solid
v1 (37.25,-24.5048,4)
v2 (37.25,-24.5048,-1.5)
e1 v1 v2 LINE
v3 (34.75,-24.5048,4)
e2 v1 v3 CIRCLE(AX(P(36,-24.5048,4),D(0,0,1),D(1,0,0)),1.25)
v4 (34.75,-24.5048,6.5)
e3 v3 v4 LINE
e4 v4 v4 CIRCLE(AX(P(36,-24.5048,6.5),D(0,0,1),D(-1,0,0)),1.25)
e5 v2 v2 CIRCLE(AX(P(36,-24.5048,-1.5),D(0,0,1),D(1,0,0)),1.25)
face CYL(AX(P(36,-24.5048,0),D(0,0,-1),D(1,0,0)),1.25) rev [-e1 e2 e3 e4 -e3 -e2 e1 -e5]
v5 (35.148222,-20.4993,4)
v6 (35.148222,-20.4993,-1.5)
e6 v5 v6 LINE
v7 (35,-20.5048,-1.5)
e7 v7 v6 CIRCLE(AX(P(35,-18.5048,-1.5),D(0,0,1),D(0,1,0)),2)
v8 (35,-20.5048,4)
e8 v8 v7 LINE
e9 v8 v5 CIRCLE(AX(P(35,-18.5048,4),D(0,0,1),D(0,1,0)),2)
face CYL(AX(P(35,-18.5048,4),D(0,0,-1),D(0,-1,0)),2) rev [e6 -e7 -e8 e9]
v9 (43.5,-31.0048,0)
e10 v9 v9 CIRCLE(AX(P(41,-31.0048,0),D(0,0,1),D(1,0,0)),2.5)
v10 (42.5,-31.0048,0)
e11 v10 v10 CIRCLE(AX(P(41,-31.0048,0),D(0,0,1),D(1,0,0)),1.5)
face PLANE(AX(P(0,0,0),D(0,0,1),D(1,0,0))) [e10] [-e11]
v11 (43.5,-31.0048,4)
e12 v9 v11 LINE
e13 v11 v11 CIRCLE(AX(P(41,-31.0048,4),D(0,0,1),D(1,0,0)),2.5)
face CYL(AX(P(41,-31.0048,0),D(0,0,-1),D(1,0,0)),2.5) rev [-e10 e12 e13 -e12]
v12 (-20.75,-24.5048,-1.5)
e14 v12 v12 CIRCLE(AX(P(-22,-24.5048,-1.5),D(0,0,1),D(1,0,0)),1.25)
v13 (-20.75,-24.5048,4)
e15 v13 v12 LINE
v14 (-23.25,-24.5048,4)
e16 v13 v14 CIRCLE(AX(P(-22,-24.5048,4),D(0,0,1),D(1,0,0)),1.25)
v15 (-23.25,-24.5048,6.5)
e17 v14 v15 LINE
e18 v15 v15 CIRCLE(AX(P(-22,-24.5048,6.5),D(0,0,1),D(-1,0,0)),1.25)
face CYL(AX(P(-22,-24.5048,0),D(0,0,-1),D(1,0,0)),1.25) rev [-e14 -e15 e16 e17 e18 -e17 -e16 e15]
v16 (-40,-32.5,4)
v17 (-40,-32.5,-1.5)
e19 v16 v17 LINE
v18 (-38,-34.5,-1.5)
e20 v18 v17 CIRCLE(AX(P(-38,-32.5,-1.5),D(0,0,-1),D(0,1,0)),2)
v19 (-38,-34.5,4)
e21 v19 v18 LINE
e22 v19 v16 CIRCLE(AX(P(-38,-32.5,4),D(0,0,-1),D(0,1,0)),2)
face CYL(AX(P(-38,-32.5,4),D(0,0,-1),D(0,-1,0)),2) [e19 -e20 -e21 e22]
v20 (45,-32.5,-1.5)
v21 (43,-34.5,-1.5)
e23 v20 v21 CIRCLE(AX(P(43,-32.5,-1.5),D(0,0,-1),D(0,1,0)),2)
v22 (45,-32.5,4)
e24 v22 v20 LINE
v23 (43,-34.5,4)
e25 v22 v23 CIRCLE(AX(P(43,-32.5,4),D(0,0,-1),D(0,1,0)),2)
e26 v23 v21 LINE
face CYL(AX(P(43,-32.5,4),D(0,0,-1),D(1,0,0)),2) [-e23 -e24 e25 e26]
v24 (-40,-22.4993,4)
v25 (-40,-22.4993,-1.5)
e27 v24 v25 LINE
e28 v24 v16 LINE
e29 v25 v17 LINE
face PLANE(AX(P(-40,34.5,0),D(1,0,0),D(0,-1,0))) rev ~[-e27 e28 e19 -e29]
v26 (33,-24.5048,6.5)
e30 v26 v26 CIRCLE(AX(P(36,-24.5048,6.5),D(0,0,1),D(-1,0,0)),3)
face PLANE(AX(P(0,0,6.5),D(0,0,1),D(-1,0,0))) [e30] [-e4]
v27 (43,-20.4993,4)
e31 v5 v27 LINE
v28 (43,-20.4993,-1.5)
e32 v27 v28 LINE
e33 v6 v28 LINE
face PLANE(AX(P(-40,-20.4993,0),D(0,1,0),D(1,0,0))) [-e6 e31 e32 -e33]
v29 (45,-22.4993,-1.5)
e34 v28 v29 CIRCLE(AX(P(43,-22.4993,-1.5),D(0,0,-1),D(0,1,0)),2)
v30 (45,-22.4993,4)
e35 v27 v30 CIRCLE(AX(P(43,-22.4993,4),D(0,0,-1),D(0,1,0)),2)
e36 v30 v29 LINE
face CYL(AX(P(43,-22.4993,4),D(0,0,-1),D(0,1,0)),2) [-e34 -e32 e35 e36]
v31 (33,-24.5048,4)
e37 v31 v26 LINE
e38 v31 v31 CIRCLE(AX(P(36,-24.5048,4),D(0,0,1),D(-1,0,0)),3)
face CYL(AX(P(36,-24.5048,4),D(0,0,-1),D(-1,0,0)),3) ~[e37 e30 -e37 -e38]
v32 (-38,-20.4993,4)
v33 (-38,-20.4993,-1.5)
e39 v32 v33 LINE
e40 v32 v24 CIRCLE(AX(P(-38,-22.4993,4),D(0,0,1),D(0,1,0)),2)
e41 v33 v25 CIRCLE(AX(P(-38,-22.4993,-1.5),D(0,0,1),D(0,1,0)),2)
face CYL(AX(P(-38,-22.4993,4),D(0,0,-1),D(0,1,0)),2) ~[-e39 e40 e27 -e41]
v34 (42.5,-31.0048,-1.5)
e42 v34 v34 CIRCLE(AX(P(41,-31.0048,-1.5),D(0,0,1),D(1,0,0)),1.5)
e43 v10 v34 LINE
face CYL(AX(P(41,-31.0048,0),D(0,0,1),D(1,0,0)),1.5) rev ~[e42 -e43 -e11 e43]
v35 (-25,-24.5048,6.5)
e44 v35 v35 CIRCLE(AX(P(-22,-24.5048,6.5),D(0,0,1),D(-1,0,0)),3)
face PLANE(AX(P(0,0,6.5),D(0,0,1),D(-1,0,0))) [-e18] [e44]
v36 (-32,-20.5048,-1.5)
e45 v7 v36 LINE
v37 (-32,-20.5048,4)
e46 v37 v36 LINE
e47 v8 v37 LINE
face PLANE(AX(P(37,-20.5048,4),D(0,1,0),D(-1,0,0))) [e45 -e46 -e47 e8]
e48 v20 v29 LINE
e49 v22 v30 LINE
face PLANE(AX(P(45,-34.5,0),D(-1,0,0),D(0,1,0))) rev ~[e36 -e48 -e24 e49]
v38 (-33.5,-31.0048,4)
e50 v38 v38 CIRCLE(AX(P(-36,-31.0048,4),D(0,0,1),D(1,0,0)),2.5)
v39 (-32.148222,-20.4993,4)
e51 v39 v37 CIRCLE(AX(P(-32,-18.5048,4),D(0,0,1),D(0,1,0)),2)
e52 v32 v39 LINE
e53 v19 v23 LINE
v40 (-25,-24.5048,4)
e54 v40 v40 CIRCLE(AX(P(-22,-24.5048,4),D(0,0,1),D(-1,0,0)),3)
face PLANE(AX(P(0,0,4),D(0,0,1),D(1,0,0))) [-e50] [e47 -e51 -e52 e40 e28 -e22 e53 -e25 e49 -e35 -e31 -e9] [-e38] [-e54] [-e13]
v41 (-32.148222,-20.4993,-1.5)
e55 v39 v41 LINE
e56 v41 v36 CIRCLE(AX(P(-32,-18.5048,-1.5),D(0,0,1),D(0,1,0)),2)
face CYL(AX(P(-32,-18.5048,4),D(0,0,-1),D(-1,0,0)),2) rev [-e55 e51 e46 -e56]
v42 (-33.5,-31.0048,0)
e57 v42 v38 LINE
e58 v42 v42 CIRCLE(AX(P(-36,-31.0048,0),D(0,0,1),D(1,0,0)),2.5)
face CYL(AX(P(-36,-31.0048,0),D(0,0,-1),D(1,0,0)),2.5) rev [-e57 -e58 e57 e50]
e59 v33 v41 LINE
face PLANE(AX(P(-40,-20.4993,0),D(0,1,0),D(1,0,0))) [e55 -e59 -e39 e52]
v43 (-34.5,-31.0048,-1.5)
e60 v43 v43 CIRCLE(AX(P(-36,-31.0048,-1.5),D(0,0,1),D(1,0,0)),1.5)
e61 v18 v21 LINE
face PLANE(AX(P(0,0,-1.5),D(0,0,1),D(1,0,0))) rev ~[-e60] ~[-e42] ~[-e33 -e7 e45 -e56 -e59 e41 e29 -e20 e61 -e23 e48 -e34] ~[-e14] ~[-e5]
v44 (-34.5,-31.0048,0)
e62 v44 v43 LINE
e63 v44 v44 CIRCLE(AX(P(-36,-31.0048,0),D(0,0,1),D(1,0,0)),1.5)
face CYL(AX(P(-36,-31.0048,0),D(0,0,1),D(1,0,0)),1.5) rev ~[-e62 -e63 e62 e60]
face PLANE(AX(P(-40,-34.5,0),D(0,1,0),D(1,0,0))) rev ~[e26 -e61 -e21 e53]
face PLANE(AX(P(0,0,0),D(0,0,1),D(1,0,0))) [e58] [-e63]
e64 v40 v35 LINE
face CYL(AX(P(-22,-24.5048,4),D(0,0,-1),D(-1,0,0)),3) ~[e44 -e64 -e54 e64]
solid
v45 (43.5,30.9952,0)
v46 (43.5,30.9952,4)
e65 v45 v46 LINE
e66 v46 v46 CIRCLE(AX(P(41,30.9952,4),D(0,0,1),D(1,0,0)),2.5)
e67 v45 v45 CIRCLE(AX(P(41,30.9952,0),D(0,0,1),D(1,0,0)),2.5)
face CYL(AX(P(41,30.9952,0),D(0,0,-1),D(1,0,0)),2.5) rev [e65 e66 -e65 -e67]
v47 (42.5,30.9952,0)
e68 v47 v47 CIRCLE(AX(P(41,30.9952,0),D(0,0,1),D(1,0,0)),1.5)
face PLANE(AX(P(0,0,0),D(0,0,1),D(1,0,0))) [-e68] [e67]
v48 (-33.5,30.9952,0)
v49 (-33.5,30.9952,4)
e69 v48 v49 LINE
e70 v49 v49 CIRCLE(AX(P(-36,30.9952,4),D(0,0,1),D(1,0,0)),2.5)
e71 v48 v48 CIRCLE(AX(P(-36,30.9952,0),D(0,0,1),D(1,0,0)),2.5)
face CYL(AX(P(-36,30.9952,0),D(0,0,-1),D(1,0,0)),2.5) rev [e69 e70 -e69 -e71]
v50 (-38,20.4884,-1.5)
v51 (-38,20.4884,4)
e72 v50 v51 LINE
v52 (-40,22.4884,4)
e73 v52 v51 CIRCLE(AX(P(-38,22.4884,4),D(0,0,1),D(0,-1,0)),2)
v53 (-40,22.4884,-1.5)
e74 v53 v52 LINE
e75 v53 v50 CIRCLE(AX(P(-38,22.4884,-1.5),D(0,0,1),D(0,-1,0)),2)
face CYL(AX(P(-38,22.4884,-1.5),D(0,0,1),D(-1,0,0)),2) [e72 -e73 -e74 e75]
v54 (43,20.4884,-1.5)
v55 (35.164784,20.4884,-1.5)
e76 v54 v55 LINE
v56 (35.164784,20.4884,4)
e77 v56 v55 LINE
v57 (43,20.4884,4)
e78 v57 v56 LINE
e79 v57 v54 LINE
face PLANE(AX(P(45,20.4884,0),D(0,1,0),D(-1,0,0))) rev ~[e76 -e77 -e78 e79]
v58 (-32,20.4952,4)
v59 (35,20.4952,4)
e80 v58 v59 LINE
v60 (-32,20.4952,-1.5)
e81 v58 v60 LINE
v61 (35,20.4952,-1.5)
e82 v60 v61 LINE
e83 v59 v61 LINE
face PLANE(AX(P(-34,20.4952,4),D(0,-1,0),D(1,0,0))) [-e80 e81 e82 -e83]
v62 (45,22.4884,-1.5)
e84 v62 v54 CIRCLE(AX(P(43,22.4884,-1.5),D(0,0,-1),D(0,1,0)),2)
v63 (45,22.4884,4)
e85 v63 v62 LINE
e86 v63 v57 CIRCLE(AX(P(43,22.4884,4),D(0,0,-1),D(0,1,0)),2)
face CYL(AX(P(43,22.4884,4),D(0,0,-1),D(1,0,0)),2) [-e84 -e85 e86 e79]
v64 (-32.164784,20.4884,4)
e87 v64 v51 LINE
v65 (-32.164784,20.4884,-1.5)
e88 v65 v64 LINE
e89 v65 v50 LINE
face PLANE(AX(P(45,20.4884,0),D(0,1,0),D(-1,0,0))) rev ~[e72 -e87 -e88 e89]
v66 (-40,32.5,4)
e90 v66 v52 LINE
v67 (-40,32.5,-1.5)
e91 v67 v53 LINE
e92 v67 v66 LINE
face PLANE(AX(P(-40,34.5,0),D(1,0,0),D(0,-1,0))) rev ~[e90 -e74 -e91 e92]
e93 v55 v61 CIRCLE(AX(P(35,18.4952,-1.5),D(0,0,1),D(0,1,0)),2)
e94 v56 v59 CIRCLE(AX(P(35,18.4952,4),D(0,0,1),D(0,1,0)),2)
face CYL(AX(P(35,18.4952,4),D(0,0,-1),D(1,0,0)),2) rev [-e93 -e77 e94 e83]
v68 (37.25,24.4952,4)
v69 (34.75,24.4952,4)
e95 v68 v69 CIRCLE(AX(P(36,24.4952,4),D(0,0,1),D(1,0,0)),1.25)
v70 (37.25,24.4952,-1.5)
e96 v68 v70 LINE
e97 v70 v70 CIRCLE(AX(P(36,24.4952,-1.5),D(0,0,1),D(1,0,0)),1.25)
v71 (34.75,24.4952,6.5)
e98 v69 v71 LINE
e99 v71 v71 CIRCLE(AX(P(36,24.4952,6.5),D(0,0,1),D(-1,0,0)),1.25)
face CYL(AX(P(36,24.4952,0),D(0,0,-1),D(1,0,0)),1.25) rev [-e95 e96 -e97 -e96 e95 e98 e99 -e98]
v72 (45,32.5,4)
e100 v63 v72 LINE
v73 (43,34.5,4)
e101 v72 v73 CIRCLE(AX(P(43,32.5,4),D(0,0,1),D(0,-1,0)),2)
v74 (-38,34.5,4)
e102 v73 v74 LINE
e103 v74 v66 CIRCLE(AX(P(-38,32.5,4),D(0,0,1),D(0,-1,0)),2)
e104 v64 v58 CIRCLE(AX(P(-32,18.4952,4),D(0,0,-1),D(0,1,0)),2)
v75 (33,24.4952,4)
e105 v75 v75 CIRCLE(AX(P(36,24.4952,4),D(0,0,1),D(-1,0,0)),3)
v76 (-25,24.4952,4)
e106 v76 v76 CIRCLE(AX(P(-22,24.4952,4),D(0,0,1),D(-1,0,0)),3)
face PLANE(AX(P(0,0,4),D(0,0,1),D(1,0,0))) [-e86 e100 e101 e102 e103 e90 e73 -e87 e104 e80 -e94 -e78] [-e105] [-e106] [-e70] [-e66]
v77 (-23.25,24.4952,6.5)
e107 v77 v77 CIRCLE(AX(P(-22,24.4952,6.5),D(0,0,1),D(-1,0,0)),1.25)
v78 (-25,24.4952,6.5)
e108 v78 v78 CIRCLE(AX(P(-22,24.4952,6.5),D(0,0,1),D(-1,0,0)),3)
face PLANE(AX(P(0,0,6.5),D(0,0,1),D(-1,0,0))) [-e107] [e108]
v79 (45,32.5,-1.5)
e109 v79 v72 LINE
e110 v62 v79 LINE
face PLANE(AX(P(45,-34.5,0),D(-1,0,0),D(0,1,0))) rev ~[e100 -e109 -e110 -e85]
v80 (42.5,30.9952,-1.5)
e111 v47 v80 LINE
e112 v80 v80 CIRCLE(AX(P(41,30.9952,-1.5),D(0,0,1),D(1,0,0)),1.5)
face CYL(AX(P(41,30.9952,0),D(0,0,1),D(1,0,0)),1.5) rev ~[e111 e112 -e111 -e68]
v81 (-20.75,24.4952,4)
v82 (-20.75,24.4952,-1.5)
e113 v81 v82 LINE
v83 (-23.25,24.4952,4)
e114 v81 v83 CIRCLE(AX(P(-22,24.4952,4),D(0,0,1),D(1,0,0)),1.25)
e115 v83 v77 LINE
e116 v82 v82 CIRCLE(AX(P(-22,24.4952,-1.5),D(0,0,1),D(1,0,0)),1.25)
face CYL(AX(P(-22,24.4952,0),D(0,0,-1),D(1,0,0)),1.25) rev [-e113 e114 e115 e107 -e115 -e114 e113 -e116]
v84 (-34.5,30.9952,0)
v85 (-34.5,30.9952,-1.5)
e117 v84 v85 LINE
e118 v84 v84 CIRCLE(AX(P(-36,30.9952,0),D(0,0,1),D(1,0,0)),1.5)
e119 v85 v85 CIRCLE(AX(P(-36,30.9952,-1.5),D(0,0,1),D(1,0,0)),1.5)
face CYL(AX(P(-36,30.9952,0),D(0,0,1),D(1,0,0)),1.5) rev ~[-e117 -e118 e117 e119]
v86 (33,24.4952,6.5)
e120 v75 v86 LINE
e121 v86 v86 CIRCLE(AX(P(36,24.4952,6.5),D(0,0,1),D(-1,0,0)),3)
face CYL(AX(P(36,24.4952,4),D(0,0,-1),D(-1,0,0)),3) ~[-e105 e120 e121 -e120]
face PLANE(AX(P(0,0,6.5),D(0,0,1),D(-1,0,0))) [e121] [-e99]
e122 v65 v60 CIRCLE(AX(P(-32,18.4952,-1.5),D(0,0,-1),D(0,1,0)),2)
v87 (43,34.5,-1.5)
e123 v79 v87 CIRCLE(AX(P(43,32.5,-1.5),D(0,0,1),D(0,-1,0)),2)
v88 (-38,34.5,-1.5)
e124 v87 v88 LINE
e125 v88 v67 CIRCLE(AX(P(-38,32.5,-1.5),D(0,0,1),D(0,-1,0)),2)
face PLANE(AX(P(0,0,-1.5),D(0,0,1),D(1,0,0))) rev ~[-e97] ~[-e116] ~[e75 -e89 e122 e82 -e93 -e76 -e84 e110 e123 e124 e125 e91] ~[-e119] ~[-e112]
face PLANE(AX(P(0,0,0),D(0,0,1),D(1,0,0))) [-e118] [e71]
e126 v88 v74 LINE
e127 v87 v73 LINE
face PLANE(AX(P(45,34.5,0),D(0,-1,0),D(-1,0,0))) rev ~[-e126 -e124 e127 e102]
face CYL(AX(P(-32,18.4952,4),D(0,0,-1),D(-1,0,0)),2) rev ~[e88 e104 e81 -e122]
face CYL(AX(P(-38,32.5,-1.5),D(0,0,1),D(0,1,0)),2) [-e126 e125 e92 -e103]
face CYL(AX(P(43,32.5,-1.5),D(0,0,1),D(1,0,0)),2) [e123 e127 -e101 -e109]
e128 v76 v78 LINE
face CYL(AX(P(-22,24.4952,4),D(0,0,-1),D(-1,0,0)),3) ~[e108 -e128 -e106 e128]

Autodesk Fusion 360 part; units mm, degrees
sketch "Sketch1" plane through (0, 0, 0) normal (0, 0, 1) x (1, 0, 0)
  line L0 (45, 34.5) -> (-40, 34.5)
  line L1 (-40, 34.5) -> (-40, -34.5)
  line L2 (-40, -34.5) -> (45, -34.5)
  line L3 (45, -34.5) -> (45, 34.5)
  circle A0 centre (41, 30.9952) radius 1.5
  line L4 (0, 56) -> (0, -61) construction
  line L5 (-71, -0.0048) -> (62, -0.0048) construction
  circle A1 centre (41, 30.9952) radius 2.5
  circle A2 centre (-36, 30.9952) radius 1.5
  circle A3 centre (-36, 30.9952) radius 2.5
  circle A4 centre (41, -31.0048) radius 1.5
  circle A5 centre (41, -31.0048) radius 2.5
  circle A6 centre (-36, -31.0048) radius 1.5
  circle A7 centre (-36, -31.0048) radius 2.5
  circle A8 centre (36, 24.4952) radius 1.25
  circle A9 centre (-22, 24.4952) radius 1.25
  circle A10 centre (36, -24.5048) radius 1.25
  circle A11 centre (-22, -24.5048) radius 1.25
  dimension "d1" = 85
  dimension "d2" = 69
  dimension "d3" = 3
  dimension "d8" = 5
  dimension "d13" = 2.5
  dimension "d14" = 24.5
  dimension "d17" = -58
  dimension "d18" = -49
  dimension "d45" = 41
  dimension "d46" = 41
  dimension "d47" = 41
extrude "Extrude1" add sketch "Sketch1" against normal blind 1.5 contours L0 L1 L2 L3 | A1 | A3 | A5 | A7 makes body 1
extrude "Extrude2" add sketch "Sketch1" along normal blind 4 contours L0 L1 L2 L3 bodies 1
fillet "Fillet1" radius 2 4 edges at (-40, -34.5, 1.25) (45, -34.5, 1.25) (45, 34.5, 1.25) (-40, 34.5, 1.25) on bodies 1
sketch "Sketch2" plane through (0, 0, 4) normal (0, 0, 1) x (-1, 0, 0)
  circle A0 centre (22, 24.5048) radius 1.25
  circle A1 centre (22, -24.4952) radius 1.25
  circle A2 centre (-36, 24.5048) radius 1.25
  circle A3 centre (-41, 31.0048) radius 2.5
  circle A4 centre (36, -30.9952) radius 2.5
  circle A5 centre (-36, -24.4952) radius 1.25
  circle A6 centre (36, 31.0048) radius 2.5
  circle A7 centre (-41, -30.9952) radius 2.5
  arc A8 (38, -34.5) -> (40, -32.5) centre (38, -32.5) ccw
  line L0 (40, -32.5) -> (40, 32.5)
  arc A9 (40, 32.5) -> (38, 34.5) centre (38, 32.5) ccw
  line L1 (38, 34.5) -> (-43, 34.5)
  arc A10 (-43, 34.5) -> (-45, 32.5) centre (-43, 32.5) ccw
  line L2 (-45, 32.5) -> (-45, -32.5)
  arc A11 (-45, -32.5) -> (-43, -34.5) centre (-43, -32.5) ccw
  line L3 (-43, -34.5) -> (38, -34.5)
  line L4 (34, -20.4952) -> (-37, -20.4952)
  line L5 (-37, -20.4952) -> (-37, 20.5048)
  line L6 (-37, 20.5048) -> (34, 20.5048)
  line L7 (34, 20.5048) -> (34, -20.4952)
  dimension "d28" = 4
  dimension "d29" = 6
  dimension "d30" = 8
extrude "Extrude3" cut sketch "Sketch2" against normal blind 5.5 contours L4 L5 L6 L7 bodies 1
fillet "Fillet2" radius 2 4 edges at (-34, 20.4952, 1.25) (-34, -20.5048, 1.25) (37, -20.5048, 1.25) (37, 20.4952, 1.25) on bodies 1
sketch "Sketch3" plane through (0, 0, 4) normal (0, 0, 1) x (-1, 0, 0)
  line L0 (-37, -18.4952) -> (-37, 18.5048)
  arc A0 (-35, 20.5048) -> (-37, 18.5048) centre (-35, 18.5048) ccw
  line L1 (-35, 20.5048) -> (32, 20.5048)
  arc A1 (34, 18.5048) -> (32, 20.5048) centre (32, 18.5048) ccw
  line L2 (34, 18.5048) -> (34, -18.4952)
  arc A2 (32, -20.4952) -> (34, -18.4952) centre (32, -18.4952) ccw
  line L3 (32, -20.4952) -> (-35, -20.4952)
  arc A3 (-37, -18.4952) -> (-35, -20.4952) centre (-35, -18.4952) ccw
  circle A4 centre (22, 24.5048) radius 1.25
  circle A5 centre (22, -24.4952) radius 1.25
  circle A6 centre (-36, 24.5048) radius 1.25
  circle A7 centre (-41, 31.0048) radius 2.5
  circle A8 centre (36, -30.9952) radius 2.5
  circle A9 centre (-36, -24.4952) radius 1.25
  circle A10 centre (36, 31.0048) radius 2.5
  circle A11 centre (-41, -30.9952) radius 2.5
  arc A12 (38, -34.5) -> (40, -32.5) centre (38, -32.5) ccw
  line L4 (40, -32.5) -> (40, 32.5)
  arc A13 (40, 32.5) -> (38, 34.5) centre (38, 32.5) ccw
  line L5 (38, 34.5) -> (-43, 34.5)
  arc A14 (-43, 34.5) -> (-45, 32.5) centre (-43, 32.5) ccw
  line L6 (-45, 32.5) -> (-45, -32.5)
  arc A15 (-45, -32.5) -> (-43, -34.5) centre (-43, -32.5) ccw
  line L7 (-43, -34.5) -> (38, -34.5)
  circle A16 centre (22, -24.4952) radius 3
  circle A17 centre (-36, -24.4952) radius 3
  circle A18 centre (22, 24.5048) radius 3
  circle A19 centre (-36, 24.5048) radius 3
  dimension "d35" = 6
  dimension "d38" = -58
  dimension "d39" = 49
extrude "Extrude4" add sketch "Sketch3" along normal blind 2.5 contours A16 | A17 | A18 | A19 bodies 1
sketch "Sketch4" plane through (0, 0, 0) normal (0, 0, 1) x (1, 0, 0)
  line L0 (45, 20.4884) -> (-40, 20.4884)
  line L1 (-40, 20.4884) -> (-40, -20.4993)
  line L2 (-40, -20.4993) -> (45, -20.4993)
  line L3 (45, -20.4993) -> (45, 20.4884)
  line L4 (45, -32.5) -> (45, 32.5)
  line L5 (-40, 32.5) -> (-40, -32.5)
extrude "Extrude5" cut sketch "Sketch4" along normal up to surface (4 mm away) bodies 1
extrude "Extrude6" cut sketch "Sketch4" against normal up to surface (1.5 mm away) bodies 1 makes body 2 at (-6.5476, 30.7247, -1.5)
fillet "Fillet3" radius 2 3 edges at (45, -20.4993, 1.25) (-40, 20.4884, 1.25) (45, 20.4884, 1.25) on bodies 1 2
fillet "Fillet4" radius 2 1 edges at (-40, -20.4993, 1.25) on bodies 1
equation "d46 = d45"
equation "d47 = d45"
